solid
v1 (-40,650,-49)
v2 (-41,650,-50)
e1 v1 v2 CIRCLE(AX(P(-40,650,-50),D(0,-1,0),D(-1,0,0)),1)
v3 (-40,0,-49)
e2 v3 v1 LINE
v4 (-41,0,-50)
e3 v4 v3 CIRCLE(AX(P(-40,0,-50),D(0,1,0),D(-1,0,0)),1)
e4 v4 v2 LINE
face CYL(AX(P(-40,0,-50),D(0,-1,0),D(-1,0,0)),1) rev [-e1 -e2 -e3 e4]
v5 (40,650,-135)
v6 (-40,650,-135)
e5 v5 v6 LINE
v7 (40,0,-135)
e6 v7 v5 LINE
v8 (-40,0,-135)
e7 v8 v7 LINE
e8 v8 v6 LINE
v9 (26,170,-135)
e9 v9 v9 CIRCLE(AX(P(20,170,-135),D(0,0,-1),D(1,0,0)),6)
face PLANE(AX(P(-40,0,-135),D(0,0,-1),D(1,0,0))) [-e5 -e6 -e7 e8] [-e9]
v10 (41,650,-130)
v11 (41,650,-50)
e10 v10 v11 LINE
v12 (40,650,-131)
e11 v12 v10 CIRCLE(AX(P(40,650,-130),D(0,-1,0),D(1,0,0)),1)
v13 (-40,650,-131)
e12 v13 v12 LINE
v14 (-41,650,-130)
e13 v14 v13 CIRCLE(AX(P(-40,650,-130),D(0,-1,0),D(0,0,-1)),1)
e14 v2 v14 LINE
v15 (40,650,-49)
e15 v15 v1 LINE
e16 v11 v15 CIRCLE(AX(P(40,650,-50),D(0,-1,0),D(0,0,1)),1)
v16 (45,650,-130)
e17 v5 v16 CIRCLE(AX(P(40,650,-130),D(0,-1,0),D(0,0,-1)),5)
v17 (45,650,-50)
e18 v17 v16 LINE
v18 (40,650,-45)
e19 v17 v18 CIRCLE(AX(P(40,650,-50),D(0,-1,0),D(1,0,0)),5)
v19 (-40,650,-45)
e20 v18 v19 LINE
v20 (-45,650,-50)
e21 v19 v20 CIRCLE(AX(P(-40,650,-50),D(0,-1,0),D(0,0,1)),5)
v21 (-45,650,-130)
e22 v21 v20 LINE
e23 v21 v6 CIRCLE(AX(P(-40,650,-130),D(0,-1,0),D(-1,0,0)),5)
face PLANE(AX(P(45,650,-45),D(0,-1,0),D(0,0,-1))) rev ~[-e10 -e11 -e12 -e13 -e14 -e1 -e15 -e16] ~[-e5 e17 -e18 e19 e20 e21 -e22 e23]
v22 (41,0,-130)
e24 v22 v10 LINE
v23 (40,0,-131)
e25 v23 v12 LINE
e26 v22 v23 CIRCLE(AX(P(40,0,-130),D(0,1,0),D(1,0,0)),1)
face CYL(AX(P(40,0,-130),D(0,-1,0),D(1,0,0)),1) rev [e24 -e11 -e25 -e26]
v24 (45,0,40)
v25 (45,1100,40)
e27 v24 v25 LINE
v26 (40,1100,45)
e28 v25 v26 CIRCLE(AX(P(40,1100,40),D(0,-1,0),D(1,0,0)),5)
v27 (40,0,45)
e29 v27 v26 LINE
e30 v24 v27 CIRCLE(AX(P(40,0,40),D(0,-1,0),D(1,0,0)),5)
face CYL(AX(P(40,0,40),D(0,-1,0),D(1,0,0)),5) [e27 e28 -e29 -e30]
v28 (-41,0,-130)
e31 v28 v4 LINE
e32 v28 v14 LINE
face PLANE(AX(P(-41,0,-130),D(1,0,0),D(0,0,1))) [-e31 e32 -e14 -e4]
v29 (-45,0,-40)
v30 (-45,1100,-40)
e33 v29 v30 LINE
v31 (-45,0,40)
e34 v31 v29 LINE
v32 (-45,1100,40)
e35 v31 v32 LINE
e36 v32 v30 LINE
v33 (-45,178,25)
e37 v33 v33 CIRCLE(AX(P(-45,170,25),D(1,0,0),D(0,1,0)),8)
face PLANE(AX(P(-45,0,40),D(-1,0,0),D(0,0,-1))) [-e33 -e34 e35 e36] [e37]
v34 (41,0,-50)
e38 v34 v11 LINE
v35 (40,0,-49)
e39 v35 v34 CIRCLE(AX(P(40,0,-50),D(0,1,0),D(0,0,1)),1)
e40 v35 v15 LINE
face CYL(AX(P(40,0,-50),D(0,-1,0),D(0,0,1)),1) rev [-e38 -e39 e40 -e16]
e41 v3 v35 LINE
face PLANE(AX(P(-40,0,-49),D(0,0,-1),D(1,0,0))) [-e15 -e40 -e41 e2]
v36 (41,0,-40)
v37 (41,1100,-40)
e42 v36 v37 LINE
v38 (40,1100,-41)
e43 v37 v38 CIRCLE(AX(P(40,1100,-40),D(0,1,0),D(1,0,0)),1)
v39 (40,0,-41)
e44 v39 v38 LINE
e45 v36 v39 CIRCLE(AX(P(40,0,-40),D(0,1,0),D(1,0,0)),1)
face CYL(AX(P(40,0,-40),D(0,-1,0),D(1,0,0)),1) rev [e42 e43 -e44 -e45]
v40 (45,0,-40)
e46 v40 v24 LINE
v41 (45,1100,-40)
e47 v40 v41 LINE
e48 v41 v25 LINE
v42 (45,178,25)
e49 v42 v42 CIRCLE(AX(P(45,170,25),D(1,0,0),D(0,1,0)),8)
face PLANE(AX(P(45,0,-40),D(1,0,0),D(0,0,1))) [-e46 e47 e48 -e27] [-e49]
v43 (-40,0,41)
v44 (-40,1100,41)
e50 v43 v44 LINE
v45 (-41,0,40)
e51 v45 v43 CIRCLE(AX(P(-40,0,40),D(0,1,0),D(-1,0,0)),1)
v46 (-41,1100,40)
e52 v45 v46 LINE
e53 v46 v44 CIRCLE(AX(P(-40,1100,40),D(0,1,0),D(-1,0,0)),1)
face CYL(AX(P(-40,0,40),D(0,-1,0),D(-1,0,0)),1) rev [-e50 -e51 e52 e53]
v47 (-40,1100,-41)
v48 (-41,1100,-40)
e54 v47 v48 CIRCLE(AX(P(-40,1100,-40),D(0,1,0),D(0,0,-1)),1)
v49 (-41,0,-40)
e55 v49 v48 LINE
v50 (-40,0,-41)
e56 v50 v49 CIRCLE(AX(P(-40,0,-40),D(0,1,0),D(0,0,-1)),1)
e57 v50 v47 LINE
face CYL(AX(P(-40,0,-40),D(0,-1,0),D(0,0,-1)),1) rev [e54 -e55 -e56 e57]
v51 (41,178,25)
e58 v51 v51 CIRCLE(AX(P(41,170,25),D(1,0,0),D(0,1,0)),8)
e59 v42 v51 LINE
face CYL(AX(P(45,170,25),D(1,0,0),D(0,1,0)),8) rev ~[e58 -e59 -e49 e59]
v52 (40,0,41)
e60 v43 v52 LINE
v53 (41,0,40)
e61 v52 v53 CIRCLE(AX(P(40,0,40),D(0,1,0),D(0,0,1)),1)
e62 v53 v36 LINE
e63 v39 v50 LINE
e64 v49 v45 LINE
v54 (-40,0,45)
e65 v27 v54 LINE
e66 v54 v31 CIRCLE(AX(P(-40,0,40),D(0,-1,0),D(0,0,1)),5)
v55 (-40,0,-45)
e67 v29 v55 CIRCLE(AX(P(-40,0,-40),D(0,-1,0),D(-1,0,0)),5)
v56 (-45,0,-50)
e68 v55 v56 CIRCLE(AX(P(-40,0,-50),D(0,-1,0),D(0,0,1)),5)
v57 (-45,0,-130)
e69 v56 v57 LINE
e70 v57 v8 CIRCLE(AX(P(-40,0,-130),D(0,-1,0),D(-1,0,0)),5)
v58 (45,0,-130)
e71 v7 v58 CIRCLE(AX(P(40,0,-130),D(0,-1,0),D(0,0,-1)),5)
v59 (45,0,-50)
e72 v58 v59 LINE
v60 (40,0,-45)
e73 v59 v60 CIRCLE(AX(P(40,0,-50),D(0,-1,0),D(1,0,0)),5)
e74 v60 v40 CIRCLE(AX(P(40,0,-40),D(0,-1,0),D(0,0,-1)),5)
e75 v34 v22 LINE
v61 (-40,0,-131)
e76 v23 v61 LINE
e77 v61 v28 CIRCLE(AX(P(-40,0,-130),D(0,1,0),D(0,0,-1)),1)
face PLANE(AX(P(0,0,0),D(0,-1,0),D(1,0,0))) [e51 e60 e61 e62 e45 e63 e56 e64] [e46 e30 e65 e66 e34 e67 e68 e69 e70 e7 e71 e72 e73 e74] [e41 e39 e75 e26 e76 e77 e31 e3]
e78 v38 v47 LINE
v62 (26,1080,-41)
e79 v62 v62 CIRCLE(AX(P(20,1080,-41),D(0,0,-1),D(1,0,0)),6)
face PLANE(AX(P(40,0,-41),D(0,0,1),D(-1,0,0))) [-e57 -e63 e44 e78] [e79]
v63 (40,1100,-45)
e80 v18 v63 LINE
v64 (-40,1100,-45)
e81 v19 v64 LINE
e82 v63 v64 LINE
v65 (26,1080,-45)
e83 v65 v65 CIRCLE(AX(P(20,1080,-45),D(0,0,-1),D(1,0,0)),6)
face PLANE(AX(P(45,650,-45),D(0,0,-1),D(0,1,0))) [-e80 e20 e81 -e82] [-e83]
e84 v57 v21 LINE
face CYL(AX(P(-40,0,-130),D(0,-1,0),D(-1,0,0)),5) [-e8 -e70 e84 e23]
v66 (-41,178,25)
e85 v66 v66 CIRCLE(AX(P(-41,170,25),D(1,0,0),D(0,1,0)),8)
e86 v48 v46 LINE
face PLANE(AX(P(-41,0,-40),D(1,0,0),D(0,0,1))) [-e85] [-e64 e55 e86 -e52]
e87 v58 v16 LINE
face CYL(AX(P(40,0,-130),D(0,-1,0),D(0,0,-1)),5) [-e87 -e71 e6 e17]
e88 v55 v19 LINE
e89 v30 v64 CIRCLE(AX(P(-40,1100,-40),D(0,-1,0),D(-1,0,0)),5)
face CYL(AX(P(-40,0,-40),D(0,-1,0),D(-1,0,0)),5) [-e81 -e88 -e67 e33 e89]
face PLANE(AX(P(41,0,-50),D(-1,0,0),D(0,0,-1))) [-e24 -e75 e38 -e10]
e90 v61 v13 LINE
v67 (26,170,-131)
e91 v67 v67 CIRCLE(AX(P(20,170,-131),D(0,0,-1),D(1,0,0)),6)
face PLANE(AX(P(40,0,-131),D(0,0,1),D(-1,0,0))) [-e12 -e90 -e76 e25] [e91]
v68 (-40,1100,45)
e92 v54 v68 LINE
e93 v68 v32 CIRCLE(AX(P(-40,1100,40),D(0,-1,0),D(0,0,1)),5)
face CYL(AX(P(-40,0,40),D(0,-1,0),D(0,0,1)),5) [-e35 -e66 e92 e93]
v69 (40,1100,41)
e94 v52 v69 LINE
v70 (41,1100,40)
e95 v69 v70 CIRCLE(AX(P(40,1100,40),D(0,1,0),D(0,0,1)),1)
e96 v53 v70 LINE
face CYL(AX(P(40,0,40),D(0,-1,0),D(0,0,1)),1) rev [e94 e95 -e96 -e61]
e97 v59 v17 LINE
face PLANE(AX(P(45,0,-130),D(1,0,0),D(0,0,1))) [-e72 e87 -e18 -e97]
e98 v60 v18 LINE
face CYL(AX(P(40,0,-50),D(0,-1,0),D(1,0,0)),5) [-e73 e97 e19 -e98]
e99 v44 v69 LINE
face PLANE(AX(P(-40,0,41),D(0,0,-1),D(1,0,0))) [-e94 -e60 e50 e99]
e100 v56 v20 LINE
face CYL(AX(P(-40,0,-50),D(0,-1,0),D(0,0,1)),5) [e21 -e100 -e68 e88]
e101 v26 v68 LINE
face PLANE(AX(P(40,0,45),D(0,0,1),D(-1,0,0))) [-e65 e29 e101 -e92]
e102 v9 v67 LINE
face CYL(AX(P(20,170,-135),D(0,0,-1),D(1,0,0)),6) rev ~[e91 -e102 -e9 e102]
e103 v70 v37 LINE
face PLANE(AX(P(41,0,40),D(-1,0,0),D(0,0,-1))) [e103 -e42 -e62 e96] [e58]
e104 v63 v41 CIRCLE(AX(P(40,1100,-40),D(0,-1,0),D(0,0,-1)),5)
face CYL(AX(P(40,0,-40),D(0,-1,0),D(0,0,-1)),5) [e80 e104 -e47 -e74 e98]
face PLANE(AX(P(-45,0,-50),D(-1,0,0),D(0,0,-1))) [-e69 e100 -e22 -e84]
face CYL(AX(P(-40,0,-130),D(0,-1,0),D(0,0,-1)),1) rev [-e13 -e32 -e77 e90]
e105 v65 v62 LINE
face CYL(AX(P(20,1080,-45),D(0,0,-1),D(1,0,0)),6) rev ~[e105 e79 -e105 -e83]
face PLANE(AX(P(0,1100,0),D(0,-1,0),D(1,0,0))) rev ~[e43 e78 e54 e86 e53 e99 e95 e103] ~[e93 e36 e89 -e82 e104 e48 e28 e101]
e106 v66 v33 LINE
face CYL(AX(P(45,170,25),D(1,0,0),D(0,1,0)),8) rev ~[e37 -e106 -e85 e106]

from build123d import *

# Parameters (mm, degrees)
F1_DEPTH = 1100
F2_R     = 8
F3_DEPTH = 90.001
F4_W     = 450
F4_H     = 80
F4_H_2   = 5
F5_DEPTH = 90.001
F6_R     = 6
F7_DEPTH = 4
F8_R     = 6
F9_DEPTH = 4


with BuildPart() as f1:
    # F0 (on Front) → F1 (new body)
    with BuildSketch(Plane.XZ):
        with BuildLine():
            ThreePointArc((45, 40), (43.5355339059, 43.5355339059), (40, 45))
            Line((40, 45), (-40, 45))
            ThreePointArc((-40, 45), (-43.5355339059, 43.5355339059), (-45, 40))
            Line((-45, 40), (-45, -40))
            ThreePointArc((-45, -40), (-43.5355339059, -43.5355339059), (-40, -45))
            Line((-40, -45), (40, -45))
            ThreePointArc((40, -45), (43.5355339059, -43.5355339059), (45, -40))
            Line((45, -40), (45, 40))
        make_face()
        with BuildLine():
            ThreePointArc((-41, 40), (-40.7071067812, 40.7071067812), (-40, 41))
            Line((-40, 41), (40, 41))
            ThreePointArc((40, 41), (40.7071067812, 40.7071067812), (41, 40))
            Line((41, 40), (41, -40))
            ThreePointArc((41, -40), (40.7071067812, -40.7071067812), (40, -41))
            Line((40, -41), (-40, -41))
            ThreePointArc((-40, -41), (-40.7071067812, -40.7071067812), (-41, -40))
            Line((-41, -40), (-41, 40))
        make_face(mode=Mode.SUBTRACT)
        with BuildLine():
            ThreePointArc((45, -50), (43.5355339059, -46.4644660941), (40, -45))
            Line((40, -45), (-40, -45))
            ThreePointArc((-40, -45), (-43.5355339059, -46.4644660941), (-45, -50))
            Line((-45, -50), (-45, -130))
            ThreePointArc((-45, -130), (-43.5355339059, -133.5355339059), (-40, -135))
            Line((-40, -135), (40, -135))
            ThreePointArc((40, -135), (43.5355339059, -133.5355339059), (45, -130))
            Line((45, -130), (45, -50))
        make_face()
        with BuildLine():
            ThreePointArc((-41, -50), (-40.7071067812, -49.2928932188), (-40, -49))
            Line((-40, -49), (40, -49))
            ThreePointArc((40, -49), (40.7071067812, -49.2928932188), (41, -50))
            Line((41, -50), (41, -130))
            ThreePointArc((41, -130), (40.7071067812, -130.7071067812), (40, -131))
            Line((40, -131), (-40, -131))
            ThreePointArc((-40, -131), (-40.7071067812, -130.7071067812), (-41, -130))
            Line((-41, -130), (-41, -50))
        make_face(mode=Mode.SUBTRACT)
    extrude(amount=-F1_DEPTH)

    # F2 (on face) → F3 (cut, through all)
    with BuildSketch(Plane.YZ.offset(45)):
        with Locations((170, 25)):
            Circle(F2_R)
    extrude(amount=-F3_DEPTH, mode=Mode.SUBTRACT)

    # F4 (on face) → F5 (cut, through all)
    with BuildSketch(Plane.YZ.offset(45)):
        with Locations((875, -90)):
            Rectangle(F4_W, F4_H)
        with Locations((875, -47.5)):
            Rectangle(F4_W, F4_H_2)
        with Locations((875, -132.5)):
            Rectangle(F4_W, F4_H_2)
    extrude(amount=-F5_DEPTH, mode=Mode.SUBTRACT)

    # F6 (on face) → F7 (cut, through all)
    with BuildSketch(Plane(origin=(0, 0, -135), x_dir=(1, 0, 0), z_dir=(0, 0, -1))):
        with Locations((20, -170)):
            Circle(F6_R)
    extrude(amount=-F7_DEPTH, mode=Mode.SUBTRACT)

    # F8 (on face) → F9 (cut, through all)
    with BuildSketch(Plane(origin=(0, 0, -45), x_dir=(1, 0, 0), z_dir=(0, 0, -1))):
        with Locations((20, -1080)):
            Circle(F8_R)
    extrude(amount=-F9_DEPTH, mode=Mode.SUBTRACT)


solid = f1.part
